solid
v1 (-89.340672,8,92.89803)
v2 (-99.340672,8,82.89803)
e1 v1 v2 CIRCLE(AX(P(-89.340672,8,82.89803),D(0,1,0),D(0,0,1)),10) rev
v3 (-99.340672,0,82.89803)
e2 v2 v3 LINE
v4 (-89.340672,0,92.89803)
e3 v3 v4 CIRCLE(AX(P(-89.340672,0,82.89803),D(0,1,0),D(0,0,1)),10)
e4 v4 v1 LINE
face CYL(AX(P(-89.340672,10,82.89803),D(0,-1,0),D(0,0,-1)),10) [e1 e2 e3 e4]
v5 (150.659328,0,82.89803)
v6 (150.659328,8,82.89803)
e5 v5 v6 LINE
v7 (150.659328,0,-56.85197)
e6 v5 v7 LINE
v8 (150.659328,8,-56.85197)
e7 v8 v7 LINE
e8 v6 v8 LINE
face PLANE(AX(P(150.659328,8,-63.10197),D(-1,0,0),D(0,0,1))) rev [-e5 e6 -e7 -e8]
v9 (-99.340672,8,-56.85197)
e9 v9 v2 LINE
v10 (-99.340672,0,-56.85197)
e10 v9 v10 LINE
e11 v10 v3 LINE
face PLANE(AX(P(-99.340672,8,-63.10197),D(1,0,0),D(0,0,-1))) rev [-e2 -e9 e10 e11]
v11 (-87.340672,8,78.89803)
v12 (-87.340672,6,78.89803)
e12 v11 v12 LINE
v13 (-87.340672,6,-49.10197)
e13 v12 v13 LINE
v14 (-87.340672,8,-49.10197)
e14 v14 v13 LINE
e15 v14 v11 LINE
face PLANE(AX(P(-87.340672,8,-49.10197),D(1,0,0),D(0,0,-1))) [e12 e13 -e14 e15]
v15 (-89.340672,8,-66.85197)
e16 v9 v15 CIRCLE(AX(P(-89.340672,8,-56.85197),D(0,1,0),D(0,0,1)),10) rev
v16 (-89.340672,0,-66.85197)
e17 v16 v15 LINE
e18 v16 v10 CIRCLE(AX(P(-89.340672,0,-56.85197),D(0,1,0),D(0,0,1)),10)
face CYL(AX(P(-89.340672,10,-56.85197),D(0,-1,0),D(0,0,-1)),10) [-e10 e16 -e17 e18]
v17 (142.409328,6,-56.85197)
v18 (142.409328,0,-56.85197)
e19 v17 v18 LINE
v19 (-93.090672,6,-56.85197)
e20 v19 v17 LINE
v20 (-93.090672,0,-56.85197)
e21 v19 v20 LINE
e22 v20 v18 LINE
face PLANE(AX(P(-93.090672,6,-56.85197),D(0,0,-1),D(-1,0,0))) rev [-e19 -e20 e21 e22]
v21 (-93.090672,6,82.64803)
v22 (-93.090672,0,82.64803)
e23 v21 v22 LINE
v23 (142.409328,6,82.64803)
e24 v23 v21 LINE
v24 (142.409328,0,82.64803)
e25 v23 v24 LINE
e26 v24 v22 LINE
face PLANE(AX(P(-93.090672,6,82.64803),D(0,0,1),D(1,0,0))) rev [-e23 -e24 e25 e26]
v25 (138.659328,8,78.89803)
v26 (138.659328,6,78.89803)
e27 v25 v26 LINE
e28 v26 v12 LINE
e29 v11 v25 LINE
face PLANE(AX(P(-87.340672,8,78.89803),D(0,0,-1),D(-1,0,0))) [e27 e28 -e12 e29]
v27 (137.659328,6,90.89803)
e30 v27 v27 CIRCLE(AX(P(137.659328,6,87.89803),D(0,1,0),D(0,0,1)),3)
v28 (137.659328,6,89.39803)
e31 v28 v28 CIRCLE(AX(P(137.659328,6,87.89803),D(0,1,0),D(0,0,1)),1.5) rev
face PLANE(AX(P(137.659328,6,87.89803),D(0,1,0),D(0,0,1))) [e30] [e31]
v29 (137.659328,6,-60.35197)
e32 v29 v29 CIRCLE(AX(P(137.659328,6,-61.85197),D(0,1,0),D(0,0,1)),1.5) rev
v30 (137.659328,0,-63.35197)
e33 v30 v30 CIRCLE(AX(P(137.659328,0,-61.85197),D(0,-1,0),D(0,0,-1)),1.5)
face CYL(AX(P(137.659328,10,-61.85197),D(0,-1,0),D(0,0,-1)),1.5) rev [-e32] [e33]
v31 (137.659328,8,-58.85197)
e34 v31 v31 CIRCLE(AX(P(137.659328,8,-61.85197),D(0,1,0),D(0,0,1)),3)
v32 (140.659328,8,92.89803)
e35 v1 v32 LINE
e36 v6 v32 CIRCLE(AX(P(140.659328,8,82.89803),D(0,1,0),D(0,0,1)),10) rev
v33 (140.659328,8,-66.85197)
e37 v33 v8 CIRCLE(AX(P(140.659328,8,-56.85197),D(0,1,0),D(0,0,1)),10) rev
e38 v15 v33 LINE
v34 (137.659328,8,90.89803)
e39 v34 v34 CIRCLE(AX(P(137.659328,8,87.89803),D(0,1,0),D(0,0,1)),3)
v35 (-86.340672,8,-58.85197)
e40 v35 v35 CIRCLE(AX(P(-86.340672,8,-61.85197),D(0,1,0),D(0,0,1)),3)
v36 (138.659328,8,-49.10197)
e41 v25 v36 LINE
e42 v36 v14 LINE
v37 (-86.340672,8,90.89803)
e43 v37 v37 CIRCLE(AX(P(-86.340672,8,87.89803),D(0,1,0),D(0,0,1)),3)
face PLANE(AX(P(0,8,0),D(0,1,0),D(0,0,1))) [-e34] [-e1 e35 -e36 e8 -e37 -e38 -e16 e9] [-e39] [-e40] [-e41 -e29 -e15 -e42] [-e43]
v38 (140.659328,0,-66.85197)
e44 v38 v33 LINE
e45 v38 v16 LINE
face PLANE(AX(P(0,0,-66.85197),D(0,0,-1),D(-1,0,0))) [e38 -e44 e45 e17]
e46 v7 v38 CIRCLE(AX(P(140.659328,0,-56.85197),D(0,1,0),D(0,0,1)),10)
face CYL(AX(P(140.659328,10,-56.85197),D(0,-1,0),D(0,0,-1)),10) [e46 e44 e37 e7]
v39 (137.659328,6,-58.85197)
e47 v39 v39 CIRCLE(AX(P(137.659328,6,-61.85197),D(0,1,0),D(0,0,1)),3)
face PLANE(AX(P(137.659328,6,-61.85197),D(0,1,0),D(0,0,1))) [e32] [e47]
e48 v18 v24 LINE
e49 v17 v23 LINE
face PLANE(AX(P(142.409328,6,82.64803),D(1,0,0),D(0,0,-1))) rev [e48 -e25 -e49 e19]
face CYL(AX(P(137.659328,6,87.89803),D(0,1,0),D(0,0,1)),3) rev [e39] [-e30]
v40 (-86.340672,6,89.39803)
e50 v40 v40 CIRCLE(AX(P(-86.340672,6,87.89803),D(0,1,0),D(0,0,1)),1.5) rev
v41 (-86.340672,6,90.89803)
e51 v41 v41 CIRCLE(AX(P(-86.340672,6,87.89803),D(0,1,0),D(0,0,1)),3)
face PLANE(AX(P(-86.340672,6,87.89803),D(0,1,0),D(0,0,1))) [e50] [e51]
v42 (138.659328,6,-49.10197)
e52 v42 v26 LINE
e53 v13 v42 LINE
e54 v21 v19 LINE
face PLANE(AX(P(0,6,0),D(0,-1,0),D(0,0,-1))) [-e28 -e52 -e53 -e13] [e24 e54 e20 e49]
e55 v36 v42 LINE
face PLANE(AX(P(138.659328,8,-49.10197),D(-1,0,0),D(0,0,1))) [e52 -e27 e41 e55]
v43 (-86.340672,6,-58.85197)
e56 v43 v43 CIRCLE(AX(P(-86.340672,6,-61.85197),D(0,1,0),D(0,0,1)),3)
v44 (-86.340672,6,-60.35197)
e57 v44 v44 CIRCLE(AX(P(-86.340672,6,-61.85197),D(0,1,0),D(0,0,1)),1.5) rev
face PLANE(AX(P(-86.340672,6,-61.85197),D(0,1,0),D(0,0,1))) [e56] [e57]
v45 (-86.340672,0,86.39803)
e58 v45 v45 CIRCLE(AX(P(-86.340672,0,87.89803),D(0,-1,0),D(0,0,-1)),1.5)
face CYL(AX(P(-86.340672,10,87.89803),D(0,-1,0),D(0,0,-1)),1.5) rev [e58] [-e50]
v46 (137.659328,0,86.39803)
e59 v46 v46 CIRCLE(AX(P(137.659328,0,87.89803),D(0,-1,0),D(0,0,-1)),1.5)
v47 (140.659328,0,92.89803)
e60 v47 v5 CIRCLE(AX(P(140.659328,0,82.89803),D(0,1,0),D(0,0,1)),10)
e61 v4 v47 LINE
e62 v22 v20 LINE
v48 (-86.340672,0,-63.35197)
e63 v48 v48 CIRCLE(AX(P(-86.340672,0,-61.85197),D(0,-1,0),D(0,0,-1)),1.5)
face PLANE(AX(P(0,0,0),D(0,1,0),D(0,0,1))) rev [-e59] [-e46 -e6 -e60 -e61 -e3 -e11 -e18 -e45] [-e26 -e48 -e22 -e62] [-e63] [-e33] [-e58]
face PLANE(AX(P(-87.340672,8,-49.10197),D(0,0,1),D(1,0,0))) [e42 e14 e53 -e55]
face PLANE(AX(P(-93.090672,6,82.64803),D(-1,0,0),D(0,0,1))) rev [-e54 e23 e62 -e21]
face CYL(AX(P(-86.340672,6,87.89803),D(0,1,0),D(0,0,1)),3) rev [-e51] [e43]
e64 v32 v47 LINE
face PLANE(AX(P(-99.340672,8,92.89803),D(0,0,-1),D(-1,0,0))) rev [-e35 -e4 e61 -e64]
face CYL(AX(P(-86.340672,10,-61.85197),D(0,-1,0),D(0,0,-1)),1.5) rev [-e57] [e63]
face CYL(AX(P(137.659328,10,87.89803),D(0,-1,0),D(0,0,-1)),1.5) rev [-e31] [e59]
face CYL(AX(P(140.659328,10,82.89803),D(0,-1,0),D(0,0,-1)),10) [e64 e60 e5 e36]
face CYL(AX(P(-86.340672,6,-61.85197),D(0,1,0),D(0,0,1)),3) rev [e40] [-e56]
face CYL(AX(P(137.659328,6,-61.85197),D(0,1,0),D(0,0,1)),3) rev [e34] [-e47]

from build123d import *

# Parameters (mm, degrees)
SKETCH_1_W          = 250
SKETCH_1_H          = 156
SKETCH_1_W_2        = 226
SKETCH_1_H_2        = 128
EXTRUDE_1_DEPTH     = 8
SKETCH_2_W          = 235.5
SKETCH_2_H          = 139.5
CUT_EXTRUDE_3_DEPTH = 6
SKETCH_11_W         = 250
SKETCH_11_H         = 8
EXTRUDE_3_DEPTH     = 3.75
CUT_EXTRUDE_4_DEPTH = 10
SKETCH_13_R         = 1.5
CUT_EXTRUDE_5_DEPTH = 10
SKETCH_14_R         = 3
CUT_EXTRUDE_6_DEPTH = 2


with BuildPart() as part:
    # 草图1 → 凸台-拉伸1 (new body)
    with BuildSketch(Plane(origin=(0, 0, 0), x_dir=(1, 0, 0), z_dir=(0, 1, 0))):
        with Locations((25.659327926, -14.898030127)):
            Rectangle(SKETCH_1_W, SKETCH_1_H)
        with Locations((25.659327926, -14.898030127)):
            Rectangle(SKETCH_1_W_2, SKETCH_1_H_2, mode=Mode.SUBTRACT)
    extrude(amount=EXTRUDE_1_DEPTH)

    # 草图2 → 切除-拉伸3 (cut)
    with BuildSketch(Plane.XZ):
        with Locations((24.659327926, 12.898030127)):
            Rectangle(SKETCH_2_W, SKETCH_2_H)
    extrude(amount=-CUT_EXTRUDE_3_DEPTH, mode=Mode.SUBTRACT)

    # 草图11 → 凸台-拉伸3 (add)
    with BuildSketch(Plane(origin=(0, 0, -63.101969873), x_dir=(-1, 0, 0), z_dir=(0, 0, -1))):
        with Locations((-25.659327926, 4)):
            Rectangle(SKETCH_11_W, SKETCH_11_H)
    extrude(amount=EXTRUDE_3_DEPTH)

    # 草图12 → 切除-拉伸4 (cut)
    with BuildSketch(Plane.XZ):
        with BuildLine():
            Line((-89.340672074, 92.898030127), (-99.340672074, 92.898030127))
            Line((-99.340672074, 92.898030127), (-99.340672074, 82.898030127))
            ThreePointArc((-99.340672074, 82.898030127), (-96.411739886, 89.969097939), (-89.340672074, 92.898030127))
        make_face()
        with BuildLine():
            Line((-99.340672074, -56.851969873), (-99.340672074, -66.851969873))
            Line((-99.340672074, -66.851969873), (-89.340672074, -66.851969873))
            ThreePointArc((-89.340672074, -66.851969873), (-96.411739886, -63.923037684), (-99.340672074, -56.851969873))
        make_face()
        with BuildLine():
            Line((140.659327926, -66.851969873), (150.659327926, -66.851969873))
            Line((150.659327926, -66.851969873), (150.659327926, -56.851969873))
            ThreePointArc((150.659327926, -56.851969873), (147.730395738, -63.923037684), (140.659327926, -66.851969873))
        make_face()
        with BuildLine():
            Line((150.659327926, 82.898030127), (150.659327926, 92.898030127))
            Line((150.659327926, 92.898030127), (140.659327926, 92.898030127))
            ThreePointArc((140.659327926, 92.898030127), (147.730395738, 89.969097939), (150.659327926, 82.898030127))
        make_face()
    extrude(amount=-CUT_EXTRUDE_4_DEPTH, mode=Mode.SUBTRACT)

    # 草图13 → 切除-拉伸5 (cut)
    with BuildSketch(Plane.XZ):
        with Locations(Location((-86.340672074, 87.898030127, 0), (0, 0, 270))):
            Circle(SKETCH_13_R)
        with Locations(Location((137.659327926, 87.898030127, 0), (0, 0, 270))):
            Circle(SKETCH_13_R)
        with Locations(Location((137.659327926, -61.851969873, 0), (0, 0, 270))):
            Circle(SKETCH_13_R)
        with Locations(Location((-86.340672074, -61.851969873, 0), (0, 0, 270))):
            Circle(SKETCH_13_R)
    extrude(amount=-CUT_EXTRUDE_5_DEPTH, mode=Mode.SUBTRACT)

    # 草图14 → 切除-拉伸6 (cut)
    with BuildSketch(Plane(origin=(0, 8, 0), x_dir=(1, 0, 0), z_dir=(0, 1, 0))):
        with Locations(Location((-86.340672074, 61.851969873, 0), (0, 0, 270))):
            Circle(SKETCH_14_R)
        with Locations(Location((137.659327926, 61.851969873, 0), (0, 0, 270))):
            Circle(SKETCH_14_R)
        with Locations(Location((137.659327926, -87.898030127, 0), (0, 0, 270))):
            Circle(SKETCH_14_R)
        with Locations(Location((-86.340672074, -87.898030127, 0), (0, 0, 270))):
            Circle(SKETCH_14_R)
    extrude(amount=-CUT_EXTRUDE_6_DEPTH, mode=Mode.SUBTRACT)


solid = part.part
